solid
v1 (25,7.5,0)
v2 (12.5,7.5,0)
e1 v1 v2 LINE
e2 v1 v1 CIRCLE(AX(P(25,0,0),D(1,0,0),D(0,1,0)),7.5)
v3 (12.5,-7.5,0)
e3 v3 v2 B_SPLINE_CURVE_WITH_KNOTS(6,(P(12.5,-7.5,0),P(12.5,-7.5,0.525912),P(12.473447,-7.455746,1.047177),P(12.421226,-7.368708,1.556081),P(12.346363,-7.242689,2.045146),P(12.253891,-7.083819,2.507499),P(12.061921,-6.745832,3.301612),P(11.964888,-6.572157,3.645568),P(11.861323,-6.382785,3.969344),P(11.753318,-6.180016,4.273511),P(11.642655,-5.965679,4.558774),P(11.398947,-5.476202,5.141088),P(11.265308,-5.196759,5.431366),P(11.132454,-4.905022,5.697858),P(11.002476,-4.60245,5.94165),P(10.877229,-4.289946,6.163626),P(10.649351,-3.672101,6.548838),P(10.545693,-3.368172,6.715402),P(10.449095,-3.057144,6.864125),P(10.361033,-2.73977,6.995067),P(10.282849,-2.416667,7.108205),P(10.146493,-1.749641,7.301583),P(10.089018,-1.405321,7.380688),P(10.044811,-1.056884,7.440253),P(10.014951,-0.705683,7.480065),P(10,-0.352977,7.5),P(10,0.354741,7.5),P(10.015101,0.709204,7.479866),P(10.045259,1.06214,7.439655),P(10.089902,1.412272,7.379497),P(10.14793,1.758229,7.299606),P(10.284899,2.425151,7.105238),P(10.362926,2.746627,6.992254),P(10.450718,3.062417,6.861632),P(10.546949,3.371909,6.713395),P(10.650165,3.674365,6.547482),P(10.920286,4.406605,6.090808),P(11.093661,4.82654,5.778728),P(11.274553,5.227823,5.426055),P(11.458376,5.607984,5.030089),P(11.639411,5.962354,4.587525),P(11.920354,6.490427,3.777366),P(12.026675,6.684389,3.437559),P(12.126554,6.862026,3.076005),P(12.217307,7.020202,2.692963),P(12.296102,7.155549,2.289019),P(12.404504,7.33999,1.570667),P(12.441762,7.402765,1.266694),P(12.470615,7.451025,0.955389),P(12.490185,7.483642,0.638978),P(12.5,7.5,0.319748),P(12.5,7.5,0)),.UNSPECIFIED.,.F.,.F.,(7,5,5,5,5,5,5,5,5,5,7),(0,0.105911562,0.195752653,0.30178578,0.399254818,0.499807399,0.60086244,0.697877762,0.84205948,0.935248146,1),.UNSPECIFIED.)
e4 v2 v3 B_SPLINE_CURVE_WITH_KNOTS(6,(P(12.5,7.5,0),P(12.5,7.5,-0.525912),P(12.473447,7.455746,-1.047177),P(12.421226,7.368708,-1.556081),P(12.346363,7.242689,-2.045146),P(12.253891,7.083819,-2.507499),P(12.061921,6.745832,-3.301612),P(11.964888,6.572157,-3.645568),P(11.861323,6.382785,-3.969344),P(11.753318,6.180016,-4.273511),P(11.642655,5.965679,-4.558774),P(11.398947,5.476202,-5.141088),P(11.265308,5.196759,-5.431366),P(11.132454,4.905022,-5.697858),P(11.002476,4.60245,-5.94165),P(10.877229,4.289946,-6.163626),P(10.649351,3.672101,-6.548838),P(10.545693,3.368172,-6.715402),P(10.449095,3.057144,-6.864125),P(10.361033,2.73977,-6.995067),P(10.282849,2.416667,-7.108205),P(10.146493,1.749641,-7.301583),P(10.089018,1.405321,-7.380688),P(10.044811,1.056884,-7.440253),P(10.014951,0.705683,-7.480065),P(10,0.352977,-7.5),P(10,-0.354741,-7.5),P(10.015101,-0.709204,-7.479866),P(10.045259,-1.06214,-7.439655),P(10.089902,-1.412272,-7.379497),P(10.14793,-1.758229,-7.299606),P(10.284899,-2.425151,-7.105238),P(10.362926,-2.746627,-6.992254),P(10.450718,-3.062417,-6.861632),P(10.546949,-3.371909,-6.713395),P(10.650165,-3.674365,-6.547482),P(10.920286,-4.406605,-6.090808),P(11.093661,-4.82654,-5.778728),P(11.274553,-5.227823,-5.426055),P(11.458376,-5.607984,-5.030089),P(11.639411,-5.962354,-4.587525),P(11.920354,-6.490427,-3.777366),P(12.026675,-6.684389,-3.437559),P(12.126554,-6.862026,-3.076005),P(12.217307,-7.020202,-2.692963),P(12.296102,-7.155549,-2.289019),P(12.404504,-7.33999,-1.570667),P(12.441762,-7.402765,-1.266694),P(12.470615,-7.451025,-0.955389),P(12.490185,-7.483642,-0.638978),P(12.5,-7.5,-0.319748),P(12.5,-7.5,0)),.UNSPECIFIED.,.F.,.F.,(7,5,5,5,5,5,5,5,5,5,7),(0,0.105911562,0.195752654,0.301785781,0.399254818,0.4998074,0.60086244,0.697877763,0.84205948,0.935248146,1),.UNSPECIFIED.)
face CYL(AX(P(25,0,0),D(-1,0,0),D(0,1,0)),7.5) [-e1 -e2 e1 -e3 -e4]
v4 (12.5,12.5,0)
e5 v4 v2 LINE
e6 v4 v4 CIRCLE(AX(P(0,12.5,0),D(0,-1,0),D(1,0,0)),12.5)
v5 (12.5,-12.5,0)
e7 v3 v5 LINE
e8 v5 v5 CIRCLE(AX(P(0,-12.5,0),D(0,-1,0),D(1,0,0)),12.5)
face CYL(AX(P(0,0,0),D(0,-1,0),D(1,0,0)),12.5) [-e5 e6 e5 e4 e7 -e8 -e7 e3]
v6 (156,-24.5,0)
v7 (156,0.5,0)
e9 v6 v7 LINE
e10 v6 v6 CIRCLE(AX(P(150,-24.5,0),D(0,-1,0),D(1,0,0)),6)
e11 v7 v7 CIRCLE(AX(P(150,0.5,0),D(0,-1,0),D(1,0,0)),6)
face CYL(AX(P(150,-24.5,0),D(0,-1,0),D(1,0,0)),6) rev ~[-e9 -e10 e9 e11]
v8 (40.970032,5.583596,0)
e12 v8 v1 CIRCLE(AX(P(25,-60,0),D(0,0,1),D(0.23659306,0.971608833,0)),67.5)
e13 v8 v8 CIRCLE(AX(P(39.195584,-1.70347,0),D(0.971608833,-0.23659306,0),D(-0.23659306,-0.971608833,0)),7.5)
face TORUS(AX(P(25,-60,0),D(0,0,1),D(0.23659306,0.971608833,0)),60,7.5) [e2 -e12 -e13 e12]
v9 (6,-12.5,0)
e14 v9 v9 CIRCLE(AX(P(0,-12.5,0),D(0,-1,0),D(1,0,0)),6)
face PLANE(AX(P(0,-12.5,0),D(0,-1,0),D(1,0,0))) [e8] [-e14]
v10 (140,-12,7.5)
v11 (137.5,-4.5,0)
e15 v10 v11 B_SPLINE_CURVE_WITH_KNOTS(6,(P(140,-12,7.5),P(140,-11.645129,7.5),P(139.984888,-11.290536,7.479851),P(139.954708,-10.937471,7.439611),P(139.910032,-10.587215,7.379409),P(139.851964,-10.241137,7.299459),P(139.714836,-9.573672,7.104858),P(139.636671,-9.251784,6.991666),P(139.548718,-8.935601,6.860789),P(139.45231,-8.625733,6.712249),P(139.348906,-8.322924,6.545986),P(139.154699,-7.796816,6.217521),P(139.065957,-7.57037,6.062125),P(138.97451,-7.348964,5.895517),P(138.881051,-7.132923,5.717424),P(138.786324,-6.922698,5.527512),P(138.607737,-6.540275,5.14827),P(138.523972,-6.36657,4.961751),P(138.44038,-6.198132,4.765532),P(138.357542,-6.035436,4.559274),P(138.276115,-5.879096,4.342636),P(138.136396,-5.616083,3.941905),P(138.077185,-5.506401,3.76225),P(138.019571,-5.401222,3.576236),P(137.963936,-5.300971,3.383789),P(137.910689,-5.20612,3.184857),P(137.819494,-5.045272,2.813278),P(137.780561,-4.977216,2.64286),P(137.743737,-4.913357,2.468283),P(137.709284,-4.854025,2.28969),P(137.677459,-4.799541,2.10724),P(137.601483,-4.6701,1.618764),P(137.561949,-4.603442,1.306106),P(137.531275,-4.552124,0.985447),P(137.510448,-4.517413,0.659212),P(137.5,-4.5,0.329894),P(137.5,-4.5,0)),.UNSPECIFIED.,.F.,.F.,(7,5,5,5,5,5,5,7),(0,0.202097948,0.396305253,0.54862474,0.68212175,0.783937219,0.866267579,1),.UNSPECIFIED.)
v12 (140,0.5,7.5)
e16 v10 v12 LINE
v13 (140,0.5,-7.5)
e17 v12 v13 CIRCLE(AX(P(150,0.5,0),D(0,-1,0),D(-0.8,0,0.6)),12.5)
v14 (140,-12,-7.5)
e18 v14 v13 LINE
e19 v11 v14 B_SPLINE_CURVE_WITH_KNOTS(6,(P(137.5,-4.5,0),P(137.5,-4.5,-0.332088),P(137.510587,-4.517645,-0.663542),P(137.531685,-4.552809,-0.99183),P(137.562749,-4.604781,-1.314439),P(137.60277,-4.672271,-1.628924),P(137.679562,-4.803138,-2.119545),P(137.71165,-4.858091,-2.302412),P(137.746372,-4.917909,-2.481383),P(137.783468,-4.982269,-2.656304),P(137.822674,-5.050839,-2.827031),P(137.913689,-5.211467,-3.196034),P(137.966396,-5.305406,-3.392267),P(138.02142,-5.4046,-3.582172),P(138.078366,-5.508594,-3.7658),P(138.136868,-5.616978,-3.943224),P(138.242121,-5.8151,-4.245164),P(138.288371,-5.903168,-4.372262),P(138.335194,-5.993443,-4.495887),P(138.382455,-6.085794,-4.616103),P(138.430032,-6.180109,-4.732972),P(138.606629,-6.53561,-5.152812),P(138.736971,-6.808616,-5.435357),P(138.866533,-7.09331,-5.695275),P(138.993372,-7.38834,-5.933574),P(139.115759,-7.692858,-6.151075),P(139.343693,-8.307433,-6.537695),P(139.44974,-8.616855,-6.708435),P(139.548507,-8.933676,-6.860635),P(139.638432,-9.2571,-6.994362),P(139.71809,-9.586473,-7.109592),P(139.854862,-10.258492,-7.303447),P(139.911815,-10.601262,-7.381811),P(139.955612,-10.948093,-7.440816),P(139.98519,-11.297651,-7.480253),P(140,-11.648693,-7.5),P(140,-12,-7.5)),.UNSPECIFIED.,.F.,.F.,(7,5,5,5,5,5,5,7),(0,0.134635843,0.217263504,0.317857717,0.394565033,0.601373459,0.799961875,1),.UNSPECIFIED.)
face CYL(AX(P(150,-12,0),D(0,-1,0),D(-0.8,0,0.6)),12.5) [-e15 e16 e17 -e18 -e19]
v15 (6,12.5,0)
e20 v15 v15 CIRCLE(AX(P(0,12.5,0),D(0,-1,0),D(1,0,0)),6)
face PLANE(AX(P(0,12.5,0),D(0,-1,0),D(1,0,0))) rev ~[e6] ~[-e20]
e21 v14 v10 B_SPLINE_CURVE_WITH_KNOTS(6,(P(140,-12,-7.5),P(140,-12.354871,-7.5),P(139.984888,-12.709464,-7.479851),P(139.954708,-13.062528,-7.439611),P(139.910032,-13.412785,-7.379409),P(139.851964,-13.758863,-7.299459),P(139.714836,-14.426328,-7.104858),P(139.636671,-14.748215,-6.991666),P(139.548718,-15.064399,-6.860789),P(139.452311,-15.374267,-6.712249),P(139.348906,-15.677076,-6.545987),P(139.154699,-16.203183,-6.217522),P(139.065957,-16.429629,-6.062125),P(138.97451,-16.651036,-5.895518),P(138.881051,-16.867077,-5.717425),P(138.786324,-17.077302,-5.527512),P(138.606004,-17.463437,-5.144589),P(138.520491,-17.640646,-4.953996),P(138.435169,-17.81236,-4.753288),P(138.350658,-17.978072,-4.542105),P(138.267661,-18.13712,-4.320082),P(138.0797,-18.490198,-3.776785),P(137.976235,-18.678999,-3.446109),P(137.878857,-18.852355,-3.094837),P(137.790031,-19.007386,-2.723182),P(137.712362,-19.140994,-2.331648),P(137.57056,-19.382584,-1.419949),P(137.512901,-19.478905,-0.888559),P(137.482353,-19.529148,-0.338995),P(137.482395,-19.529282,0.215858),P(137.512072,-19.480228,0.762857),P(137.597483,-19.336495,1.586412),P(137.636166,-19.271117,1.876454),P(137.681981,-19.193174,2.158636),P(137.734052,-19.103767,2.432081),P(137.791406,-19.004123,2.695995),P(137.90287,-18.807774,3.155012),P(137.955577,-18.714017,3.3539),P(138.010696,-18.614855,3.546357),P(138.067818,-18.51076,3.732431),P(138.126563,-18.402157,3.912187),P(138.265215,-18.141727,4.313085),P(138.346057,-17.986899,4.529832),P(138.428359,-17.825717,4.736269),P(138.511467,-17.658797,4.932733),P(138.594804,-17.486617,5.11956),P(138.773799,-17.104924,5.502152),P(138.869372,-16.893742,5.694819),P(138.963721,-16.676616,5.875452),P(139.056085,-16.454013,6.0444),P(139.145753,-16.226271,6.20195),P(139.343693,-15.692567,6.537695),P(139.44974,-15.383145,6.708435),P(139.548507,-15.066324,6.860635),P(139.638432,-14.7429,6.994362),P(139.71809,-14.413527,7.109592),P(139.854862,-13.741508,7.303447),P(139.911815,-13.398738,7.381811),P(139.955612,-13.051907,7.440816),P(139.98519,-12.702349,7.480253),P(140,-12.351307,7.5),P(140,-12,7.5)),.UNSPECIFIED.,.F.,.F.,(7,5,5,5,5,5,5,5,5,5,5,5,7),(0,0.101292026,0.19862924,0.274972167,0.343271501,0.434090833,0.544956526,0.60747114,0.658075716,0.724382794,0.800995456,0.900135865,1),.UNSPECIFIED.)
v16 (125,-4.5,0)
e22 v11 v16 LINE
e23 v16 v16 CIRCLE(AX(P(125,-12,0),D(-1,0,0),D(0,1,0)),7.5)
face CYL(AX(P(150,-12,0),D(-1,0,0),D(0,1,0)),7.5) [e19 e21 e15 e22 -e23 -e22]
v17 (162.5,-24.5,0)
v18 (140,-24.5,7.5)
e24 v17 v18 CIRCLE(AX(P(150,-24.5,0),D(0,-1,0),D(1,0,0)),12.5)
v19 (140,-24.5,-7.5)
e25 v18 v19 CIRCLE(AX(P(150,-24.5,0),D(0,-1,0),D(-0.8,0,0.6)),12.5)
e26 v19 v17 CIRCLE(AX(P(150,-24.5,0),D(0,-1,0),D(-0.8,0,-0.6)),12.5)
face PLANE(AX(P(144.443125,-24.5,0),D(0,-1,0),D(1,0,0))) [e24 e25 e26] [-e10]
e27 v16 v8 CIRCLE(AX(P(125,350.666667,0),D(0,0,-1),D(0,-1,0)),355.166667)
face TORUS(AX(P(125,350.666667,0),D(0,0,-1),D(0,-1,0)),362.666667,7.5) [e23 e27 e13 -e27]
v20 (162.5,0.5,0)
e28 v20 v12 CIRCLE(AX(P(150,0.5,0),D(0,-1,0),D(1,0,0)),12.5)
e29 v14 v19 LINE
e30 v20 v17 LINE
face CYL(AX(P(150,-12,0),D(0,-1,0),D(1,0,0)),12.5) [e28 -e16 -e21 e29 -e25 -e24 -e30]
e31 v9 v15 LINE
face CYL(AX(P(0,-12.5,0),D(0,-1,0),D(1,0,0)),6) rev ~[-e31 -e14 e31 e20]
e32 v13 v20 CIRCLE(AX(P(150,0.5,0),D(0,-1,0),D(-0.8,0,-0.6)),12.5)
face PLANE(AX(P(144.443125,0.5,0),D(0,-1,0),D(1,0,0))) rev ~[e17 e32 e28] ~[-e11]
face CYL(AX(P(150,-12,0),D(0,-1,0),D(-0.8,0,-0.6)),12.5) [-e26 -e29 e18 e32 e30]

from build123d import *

# Parameters (mm, degrees)
F1_R      = 7.5
F3_R      = 12.5
F4_DEPTH  = 12.5
F5_R      = 6
F6_DEPTH  = 25
F9_DEPTH  = 12.5
F10_R     = 6
F11_DEPTH = 25


with BuildPart() as f2:
    # F2: sweep along a path in F0
    with BuildLine(Plane.XY) as f2_path:
        Line((150, -12), (125, -12))
        ThreePointArc((125, -12), (81.789999989, -9.4166667579), (39.1955835962, -1.7034700315))
        ThreePointArc((39.1955835962, -1.7034700315), (32.1487132371, -0.4273896908), (25, 0))
        Line((25, 0), (0, 0))
    # F1 (on Right) → F2 (sweep)
    with BuildSketch(Plane.YZ):
        Circle(F1_R)
    sweep(path=f2_path.line)

    # F3 (on Front) → F4 (join, symmetric)
    with BuildSketch(Plane.XZ):
        Circle(F3_R)
    extrude(amount=F4_DEPTH, both=True)

    # F5 (on face) → F6 (cut)
    with BuildSketch(Plane.XZ.offset(12.5)):
        Circle(F5_R)
    extrude(amount=-F6_DEPTH, mode=Mode.SUBTRACT)

    # F8 (on offset) → F9 (join, symmetric)
    with BuildSketch(Plane.XZ.offset(12)):
        with BuildLine():
            Line((140, -7.5), (150, -7.5))
            Line((150, -7.5), (150, 7.5))
            Line((150, 7.5), (140, 7.5))
            ThreePointArc((140, 7.5), (137.5, 0), (140, -7.5))
        make_face()
        with BuildLine():
            Line((150, 7.5), (150, -7.5))
            Line((150, -7.5), (140, -7.5))
            ThreePointArc((140, -7.5), (153.9528470752, -11.8585412256), (162.5, 0))
            ThreePointArc((162.5, 0), (153.9528470752, 11.8585412256), (140, 7.5))
            Line((140, 7.5), (150, 7.5))
        make_face()
    extrude(amount=F9_DEPTH, both=True)

    # F10 (on face) → F11 (cut)
    with BuildSketch(Plane.XZ.offset(24.5)):
        with Locations((150, 0)):
            Circle(F10_R)
    extrude(amount=-F11_DEPTH, mode=Mode.SUBTRACT)


solid = f2.part
